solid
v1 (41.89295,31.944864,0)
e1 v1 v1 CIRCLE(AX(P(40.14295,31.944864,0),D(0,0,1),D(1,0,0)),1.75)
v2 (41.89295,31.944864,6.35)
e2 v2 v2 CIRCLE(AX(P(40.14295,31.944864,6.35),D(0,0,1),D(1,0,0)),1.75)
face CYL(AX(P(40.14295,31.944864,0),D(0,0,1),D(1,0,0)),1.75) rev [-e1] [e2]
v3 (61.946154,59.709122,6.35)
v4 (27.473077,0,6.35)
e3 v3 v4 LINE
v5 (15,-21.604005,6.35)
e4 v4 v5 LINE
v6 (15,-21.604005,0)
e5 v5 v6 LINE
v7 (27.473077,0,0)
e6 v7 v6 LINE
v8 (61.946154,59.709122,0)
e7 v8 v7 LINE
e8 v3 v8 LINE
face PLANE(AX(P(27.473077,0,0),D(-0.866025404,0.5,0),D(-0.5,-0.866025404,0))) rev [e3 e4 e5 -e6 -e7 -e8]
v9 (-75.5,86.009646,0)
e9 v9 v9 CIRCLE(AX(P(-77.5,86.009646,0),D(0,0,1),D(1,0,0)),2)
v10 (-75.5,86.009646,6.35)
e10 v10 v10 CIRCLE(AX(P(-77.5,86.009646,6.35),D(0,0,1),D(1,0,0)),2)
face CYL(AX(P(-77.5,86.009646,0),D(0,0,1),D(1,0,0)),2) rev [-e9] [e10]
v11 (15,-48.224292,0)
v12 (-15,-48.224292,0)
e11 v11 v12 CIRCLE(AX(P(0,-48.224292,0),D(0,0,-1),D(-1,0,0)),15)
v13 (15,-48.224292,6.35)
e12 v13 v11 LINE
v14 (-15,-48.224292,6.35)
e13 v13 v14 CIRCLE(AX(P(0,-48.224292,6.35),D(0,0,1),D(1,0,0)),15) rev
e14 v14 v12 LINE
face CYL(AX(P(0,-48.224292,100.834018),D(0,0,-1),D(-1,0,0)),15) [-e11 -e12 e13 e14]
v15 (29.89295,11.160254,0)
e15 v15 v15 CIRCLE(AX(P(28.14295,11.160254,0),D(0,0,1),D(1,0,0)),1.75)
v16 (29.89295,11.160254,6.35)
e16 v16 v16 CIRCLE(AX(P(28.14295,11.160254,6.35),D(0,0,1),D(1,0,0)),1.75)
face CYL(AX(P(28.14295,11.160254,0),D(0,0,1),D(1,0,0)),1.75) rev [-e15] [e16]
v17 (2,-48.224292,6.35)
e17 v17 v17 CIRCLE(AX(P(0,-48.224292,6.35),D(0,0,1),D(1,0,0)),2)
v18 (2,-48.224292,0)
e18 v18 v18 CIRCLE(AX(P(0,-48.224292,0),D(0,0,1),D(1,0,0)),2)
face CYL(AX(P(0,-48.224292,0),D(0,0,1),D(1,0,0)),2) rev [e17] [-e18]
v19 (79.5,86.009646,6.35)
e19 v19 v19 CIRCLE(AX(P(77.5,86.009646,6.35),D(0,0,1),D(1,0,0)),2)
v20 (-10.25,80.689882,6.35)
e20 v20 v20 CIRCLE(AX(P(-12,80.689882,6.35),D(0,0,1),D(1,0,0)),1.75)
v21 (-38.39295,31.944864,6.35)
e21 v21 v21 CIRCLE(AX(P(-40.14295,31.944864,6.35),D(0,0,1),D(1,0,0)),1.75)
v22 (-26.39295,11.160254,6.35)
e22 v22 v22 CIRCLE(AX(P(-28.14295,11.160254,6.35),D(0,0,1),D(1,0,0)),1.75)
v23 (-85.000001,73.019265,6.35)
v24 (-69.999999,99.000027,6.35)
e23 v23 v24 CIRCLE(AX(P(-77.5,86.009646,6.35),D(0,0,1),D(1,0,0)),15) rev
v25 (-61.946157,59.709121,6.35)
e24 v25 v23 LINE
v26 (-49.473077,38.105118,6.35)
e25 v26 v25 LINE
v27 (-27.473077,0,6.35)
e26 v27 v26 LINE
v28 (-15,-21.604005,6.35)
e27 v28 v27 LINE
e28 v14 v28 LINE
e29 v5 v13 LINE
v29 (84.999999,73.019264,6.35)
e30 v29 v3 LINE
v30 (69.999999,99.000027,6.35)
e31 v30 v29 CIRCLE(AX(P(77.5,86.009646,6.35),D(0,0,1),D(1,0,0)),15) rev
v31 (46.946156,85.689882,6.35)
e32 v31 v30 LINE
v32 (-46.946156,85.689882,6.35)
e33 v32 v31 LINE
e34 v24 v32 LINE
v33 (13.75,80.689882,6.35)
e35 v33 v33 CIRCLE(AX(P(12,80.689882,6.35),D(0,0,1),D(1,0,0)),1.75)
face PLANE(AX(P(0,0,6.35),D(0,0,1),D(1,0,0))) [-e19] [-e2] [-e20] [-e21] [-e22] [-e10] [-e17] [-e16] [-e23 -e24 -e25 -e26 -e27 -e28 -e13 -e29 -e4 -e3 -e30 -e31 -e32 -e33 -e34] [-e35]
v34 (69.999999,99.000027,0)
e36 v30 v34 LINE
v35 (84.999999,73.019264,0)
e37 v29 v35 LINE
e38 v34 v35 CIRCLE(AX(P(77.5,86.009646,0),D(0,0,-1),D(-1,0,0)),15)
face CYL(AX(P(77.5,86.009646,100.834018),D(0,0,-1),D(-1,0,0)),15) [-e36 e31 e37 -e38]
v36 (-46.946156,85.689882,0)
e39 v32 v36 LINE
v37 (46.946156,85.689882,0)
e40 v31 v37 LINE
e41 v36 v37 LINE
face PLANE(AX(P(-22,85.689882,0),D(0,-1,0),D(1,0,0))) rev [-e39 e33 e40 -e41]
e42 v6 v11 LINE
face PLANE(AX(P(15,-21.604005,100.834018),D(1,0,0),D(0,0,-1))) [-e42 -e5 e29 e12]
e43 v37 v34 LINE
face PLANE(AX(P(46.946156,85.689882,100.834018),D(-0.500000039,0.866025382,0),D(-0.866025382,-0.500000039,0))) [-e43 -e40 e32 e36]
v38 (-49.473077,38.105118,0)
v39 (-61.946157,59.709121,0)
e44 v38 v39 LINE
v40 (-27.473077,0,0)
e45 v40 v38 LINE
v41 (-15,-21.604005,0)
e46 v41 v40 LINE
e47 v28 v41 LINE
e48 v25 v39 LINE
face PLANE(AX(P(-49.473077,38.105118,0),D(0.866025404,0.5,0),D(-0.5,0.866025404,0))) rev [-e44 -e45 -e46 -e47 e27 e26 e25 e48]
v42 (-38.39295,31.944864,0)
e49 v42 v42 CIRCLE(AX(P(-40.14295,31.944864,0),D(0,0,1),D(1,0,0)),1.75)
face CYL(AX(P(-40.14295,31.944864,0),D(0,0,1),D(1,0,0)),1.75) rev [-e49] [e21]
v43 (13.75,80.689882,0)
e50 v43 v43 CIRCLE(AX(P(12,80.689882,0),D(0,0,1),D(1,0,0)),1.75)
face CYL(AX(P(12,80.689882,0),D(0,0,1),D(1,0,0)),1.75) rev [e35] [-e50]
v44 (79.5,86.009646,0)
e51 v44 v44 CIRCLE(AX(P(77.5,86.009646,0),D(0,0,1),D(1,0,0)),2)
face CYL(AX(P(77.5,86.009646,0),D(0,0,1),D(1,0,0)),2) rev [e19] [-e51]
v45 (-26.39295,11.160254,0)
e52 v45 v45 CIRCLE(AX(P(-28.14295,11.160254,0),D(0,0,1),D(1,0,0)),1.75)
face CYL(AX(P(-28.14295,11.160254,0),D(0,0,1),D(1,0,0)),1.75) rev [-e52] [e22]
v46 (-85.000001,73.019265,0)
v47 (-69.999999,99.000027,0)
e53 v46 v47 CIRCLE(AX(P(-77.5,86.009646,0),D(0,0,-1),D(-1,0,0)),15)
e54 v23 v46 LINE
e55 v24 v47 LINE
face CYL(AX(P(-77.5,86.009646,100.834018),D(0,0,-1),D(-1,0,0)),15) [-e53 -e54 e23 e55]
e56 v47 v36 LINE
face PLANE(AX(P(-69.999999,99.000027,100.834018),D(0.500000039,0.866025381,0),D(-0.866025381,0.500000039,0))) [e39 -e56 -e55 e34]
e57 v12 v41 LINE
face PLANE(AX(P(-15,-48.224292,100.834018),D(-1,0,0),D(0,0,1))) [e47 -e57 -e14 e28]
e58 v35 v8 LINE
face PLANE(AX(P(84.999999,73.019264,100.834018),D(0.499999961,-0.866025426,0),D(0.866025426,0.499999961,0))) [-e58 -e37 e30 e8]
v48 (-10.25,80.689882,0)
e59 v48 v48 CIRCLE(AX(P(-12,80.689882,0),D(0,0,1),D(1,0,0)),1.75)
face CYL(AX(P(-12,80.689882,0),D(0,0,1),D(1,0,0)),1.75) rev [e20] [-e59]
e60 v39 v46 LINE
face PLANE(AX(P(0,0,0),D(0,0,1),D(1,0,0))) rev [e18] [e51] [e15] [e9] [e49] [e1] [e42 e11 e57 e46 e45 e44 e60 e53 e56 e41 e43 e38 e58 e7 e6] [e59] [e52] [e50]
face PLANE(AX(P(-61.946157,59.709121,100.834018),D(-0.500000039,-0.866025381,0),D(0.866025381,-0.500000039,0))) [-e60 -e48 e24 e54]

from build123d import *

# Parameters (mm, degrees)
BOSS_EXTRU_1_DEPTH      = 6.35
ENL_V_MAT_EXTRU_2_DEPTH = 144.087124508
ESQUISSE5_R             = 1.75
ENL_V_MAT_EXTRU_3_DEPTH = 100.149703595
BOSS_EXTRU_2_DEPTH      = 6.35
ESQUISSE11_R            = 2
ENL_V_MAT_EXTRU_4_DEPTH = 138.111345481


with BuildPart() as part:
    # Esquisse2 → Boss.-Extru.1 (new body)
    with BuildSketch(Plane.XY):
        Polygon((-71.473076574, 0), (71.473076574, 0), (0, 123.795), align=None)
    extrude(amount=BOSS_EXTRU_1_DEPTH)

    # Esquisse4 → Enlèv. mat.-Extru.2 (cut, through all)
    with BuildSketch(Plane.XY.offset(6.35)):
        Polygon((-71.473076574, 0), (-49.473076574, 38.105117767), (-27.473076574, 0), align=None)
        Polygon((71.473076574, 0), (27.473076574, 0), (49.473076574, 38.105117767), align=None)
        Polygon((0, 123.795), (-22, 85.689882233), (22, 85.689882233), align=None)
    extrude(amount=-ENL_V_MAT_EXTRU_2_DEPTH, mode=Mode.SUBTRACT)

    # Esquisse5 → Enlèv. mat.-Extru.3 (cut, through all)
    with BuildSketch(Plane.XY.offset(6.35)):
        with Locations((-40.142949555, 31.944863729)):
            Circle(ESQUISSE5_R)
        with Locations((-28.142949555, 11.160254038)):
            Circle(ESQUISSE5_R)
        with Locations((28.142949555, 11.160254038)):
            Circle(ESQUISSE5_R)
        with Locations((40.142949555, 31.944863729)):
            Circle(ESQUISSE5_R)
        with Locations((-12, 80.689882233)):
            Circle(ESQUISSE5_R)
        with Locations((12, 80.689882233)):
            Circle(ESQUISSE5_R)
    extrude(amount=-ENL_V_MAT_EXTRU_3_DEPTH, mode=Mode.SUBTRACT)

    # Esquisse10 → Boss.-Extru.2 (add)
    with BuildSketch(Plane(origin=(0, 0, 0), x_dir=(-1, 0, 0), z_dir=(0, 0, -1))):
        with BuildLine():
            Line((49.473076574, 38.105117767), (61.946156702, 59.709120804))
            Line((61.946156702, 59.709120804), (85.000000578, 73.019265173))
            ThreePointArc((85.000000578, 73.019265173), (90.4903807, 93.50964648), (69.999999393, 99.000026602))
            Line((69.999999393, 99.000026602), (46.946155518, 85.689882233))
            Line((46.946155518, 85.689882233), (22, 85.689882233))
            Line((22, 85.689882233), (49.473076574, 38.105117767))
        make_face()
        with BuildLine():
            Line((-22, 85.689882233), (-46.946155518, 85.689882233))
            Line((-46.946155518, 85.689882233), (-69.999999408, 99.000026577))
            ThreePointArc((-69.999999408, 99.000026577), (-90.490381043, 93.509645854), (-84.999999408, 73.019264463))
            Line((-84.999999408, 73.019264463), (-61.946154333, 59.709122172))
            Line((-61.946154333, 59.709122172), (-49.473076574, 38.105117767))
            Line((-49.473076574, 38.105117767), (-22, 85.689882233))
        make_face()
        with BuildLine():
            Line((-27.473076574, 0), (-15, -21.604005089))
            Line((-15, -21.604005089), (-15, -48.224291724))
            ThreePointArc((-15, -48.224291724), (0, -63.224291724), (15, -48.224291724))
            Line((15, -48.224291724), (15, -21.604005089))
            Line((15, -21.604005089), (27.473076574, 0))
            Line((27.473076574, 0), (-27.473076574, 0))
        make_face()
    extrude(amount=-BOSS_EXTRU_2_DEPTH)

    # Esquisse11 → Enlèv. mat.-Extru.4 (cut, through all)
    with BuildSketch(Plane.XY.offset(6.35)):
        with Locations((-77.5, 86.009645862)):
            Circle(ESQUISSE11_R)
        with Locations((77.5, 86.009645862)):
            Circle(ESQUISSE11_R)
        with Locations((0, -48.224291724)):
            Circle(ESQUISSE11_R)
    extrude(amount=-ENL_V_MAT_EXTRU_4_DEPTH, mode=Mode.SUBTRACT)


solid = part.part
